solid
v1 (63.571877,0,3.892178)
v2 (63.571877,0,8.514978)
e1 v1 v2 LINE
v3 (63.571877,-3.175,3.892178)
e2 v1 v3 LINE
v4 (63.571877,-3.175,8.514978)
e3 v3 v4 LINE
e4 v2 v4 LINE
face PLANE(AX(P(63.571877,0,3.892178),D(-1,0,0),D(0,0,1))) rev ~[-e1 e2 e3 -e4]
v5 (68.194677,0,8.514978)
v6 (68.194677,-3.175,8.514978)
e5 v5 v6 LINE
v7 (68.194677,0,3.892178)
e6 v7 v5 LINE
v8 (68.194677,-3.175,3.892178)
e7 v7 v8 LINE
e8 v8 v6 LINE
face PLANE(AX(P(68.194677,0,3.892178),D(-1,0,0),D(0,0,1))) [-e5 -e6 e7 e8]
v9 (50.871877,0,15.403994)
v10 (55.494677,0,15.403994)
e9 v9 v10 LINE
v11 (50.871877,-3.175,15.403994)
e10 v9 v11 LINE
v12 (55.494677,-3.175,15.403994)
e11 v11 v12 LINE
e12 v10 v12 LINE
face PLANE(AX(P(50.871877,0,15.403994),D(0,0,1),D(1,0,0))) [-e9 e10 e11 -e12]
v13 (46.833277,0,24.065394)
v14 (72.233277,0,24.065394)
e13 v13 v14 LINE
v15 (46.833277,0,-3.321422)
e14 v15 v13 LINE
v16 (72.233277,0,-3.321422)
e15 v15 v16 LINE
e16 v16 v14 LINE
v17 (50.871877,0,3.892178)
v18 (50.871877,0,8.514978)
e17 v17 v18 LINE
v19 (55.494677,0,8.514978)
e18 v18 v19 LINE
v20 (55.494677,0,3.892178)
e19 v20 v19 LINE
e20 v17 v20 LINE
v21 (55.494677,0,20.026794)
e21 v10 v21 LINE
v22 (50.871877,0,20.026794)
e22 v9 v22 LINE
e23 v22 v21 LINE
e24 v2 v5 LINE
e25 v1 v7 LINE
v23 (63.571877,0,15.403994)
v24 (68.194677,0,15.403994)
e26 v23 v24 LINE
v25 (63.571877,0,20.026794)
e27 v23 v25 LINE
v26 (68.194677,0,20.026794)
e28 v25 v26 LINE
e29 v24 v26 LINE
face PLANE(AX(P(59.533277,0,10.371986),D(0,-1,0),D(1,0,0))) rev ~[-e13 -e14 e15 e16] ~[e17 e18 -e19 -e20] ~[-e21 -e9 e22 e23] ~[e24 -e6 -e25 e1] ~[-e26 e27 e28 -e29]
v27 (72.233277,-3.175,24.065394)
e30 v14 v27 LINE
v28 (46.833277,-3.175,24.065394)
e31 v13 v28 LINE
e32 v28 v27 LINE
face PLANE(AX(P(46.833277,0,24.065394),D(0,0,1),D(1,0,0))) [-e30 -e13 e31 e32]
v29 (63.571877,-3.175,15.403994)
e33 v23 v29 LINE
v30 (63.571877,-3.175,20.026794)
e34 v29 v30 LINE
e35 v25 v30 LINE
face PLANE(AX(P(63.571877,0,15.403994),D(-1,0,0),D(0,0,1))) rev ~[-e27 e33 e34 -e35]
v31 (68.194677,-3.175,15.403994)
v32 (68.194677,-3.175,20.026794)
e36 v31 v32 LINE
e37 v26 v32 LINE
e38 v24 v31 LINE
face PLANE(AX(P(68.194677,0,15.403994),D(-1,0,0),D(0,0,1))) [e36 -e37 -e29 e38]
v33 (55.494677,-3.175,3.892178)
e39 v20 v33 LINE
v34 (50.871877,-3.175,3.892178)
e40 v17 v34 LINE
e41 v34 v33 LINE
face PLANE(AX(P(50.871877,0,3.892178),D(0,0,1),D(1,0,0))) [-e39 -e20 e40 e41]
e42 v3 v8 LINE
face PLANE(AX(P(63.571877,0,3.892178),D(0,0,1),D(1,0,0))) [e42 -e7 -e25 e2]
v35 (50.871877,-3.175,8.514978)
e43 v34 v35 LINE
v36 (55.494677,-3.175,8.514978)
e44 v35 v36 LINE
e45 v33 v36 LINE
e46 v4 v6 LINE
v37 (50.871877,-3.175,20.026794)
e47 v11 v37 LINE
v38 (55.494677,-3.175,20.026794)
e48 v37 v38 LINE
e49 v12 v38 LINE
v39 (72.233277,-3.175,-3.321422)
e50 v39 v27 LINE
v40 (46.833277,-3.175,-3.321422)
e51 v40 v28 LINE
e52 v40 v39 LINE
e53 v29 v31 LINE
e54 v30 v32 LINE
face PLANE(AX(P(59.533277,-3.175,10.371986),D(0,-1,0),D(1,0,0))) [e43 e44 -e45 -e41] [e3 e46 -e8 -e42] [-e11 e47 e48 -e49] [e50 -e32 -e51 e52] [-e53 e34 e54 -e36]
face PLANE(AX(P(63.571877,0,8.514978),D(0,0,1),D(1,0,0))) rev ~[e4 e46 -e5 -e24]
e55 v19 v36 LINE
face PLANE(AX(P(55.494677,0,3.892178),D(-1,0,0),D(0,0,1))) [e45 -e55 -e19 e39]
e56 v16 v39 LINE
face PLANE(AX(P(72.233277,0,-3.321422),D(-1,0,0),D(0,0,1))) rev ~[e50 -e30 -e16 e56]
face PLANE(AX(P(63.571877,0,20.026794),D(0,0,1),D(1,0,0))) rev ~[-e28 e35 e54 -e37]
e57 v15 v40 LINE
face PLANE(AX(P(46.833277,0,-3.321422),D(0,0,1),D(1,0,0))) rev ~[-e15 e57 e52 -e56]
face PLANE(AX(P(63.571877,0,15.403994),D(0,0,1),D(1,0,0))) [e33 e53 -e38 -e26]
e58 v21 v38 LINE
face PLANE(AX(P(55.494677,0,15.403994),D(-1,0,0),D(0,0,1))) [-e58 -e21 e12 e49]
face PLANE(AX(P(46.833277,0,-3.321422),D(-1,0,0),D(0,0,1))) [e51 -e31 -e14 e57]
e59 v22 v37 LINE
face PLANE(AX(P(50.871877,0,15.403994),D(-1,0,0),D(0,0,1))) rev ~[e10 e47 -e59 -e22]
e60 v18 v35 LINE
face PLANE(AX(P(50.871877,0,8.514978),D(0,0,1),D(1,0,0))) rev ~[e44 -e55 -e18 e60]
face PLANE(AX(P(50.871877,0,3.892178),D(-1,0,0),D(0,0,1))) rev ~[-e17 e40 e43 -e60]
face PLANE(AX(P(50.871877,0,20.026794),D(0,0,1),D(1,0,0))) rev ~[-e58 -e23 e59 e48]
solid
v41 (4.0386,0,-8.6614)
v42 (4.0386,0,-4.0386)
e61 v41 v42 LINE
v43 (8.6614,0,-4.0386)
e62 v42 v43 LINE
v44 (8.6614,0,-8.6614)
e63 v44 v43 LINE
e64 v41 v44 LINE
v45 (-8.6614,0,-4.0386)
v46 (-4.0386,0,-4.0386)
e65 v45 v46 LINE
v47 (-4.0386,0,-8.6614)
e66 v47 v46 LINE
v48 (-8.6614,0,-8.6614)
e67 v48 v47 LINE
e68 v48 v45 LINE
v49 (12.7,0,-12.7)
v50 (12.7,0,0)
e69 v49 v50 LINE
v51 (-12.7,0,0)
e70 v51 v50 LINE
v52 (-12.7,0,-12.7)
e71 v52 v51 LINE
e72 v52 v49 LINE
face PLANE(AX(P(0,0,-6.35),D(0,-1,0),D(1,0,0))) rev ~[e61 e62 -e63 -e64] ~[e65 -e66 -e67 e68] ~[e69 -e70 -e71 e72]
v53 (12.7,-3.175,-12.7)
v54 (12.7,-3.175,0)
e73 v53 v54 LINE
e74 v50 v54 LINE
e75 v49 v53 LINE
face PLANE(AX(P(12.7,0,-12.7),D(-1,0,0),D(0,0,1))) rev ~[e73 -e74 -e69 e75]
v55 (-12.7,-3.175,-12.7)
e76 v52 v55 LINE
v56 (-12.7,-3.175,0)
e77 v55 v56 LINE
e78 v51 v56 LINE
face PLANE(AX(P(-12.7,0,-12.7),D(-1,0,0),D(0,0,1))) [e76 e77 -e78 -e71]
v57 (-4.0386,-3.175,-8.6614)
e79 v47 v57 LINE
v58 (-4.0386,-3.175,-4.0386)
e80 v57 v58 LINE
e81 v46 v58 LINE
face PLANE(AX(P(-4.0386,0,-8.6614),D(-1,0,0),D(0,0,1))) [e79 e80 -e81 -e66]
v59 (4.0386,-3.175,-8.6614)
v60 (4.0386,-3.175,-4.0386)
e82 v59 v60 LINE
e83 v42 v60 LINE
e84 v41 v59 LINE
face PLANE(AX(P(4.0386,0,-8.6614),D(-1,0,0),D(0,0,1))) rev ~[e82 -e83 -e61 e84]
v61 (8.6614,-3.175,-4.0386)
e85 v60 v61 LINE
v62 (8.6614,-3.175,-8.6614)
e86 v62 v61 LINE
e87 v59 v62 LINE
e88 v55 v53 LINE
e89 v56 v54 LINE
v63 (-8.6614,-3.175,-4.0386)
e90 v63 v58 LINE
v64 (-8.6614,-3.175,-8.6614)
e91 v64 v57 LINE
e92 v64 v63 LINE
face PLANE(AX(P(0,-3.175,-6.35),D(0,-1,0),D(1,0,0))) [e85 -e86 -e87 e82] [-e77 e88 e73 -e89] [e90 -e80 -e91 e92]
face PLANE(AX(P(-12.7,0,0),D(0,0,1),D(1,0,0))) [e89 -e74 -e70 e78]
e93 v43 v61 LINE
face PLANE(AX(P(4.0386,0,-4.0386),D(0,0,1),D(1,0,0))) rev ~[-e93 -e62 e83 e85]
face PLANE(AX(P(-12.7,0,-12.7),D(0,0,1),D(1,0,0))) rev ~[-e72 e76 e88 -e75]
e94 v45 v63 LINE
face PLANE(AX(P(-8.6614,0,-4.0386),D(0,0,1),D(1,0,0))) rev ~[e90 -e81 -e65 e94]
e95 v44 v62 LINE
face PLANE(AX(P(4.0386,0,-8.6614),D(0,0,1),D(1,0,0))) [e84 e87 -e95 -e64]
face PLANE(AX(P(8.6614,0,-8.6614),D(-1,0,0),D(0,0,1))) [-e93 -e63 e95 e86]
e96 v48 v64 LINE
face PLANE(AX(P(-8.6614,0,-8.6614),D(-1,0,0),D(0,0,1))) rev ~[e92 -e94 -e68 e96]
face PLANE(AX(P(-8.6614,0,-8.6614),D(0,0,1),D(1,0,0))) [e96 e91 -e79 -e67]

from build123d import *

# Parameters (mm, degrees)
F0_W     = 25.4
F0_H     = 12.7
F0_W_2   = 4.6228
F0_H_2   = 4.6228
F0_H_3   = 27.386816
F1_DEPTH = 3.175


with BuildPart() as f1:
    # F0 (on Front) → F1 (new body)
    with BuildSketch(Plane.XZ):
        with Locations((0, -6.35)):
            Rectangle(F0_W, F0_H)
        with Locations((-6.35, -6.35)):
            Rectangle(F0_W_2, F0_H_2, mode=Mode.SUBTRACT)
        with Locations((6.35, -6.35)):
            Rectangle(F0_W_2, F0_H_2, mode=Mode.SUBTRACT)
        with Locations((59.533277, 10.371986)):
            Rectangle(F0_W, F0_H_3)
        with Locations((53.183277, 6.203578)):
            Rectangle(F0_W_2, F0_H_2, mode=Mode.SUBTRACT)
        with Locations((65.883277, 6.203578)):
            Rectangle(F0_W_2, F0_H_2, mode=Mode.SUBTRACT)
        with Locations((53.183277, 17.715394)):
            Rectangle(F0_W_2, F0_H_2, mode=Mode.SUBTRACT)
        with Locations((65.883277, 17.715394)):
            Rectangle(F0_W_2, F0_H_2, mode=Mode.SUBTRACT)
    extrude(amount=F1_DEPTH)


solid = f1.part
